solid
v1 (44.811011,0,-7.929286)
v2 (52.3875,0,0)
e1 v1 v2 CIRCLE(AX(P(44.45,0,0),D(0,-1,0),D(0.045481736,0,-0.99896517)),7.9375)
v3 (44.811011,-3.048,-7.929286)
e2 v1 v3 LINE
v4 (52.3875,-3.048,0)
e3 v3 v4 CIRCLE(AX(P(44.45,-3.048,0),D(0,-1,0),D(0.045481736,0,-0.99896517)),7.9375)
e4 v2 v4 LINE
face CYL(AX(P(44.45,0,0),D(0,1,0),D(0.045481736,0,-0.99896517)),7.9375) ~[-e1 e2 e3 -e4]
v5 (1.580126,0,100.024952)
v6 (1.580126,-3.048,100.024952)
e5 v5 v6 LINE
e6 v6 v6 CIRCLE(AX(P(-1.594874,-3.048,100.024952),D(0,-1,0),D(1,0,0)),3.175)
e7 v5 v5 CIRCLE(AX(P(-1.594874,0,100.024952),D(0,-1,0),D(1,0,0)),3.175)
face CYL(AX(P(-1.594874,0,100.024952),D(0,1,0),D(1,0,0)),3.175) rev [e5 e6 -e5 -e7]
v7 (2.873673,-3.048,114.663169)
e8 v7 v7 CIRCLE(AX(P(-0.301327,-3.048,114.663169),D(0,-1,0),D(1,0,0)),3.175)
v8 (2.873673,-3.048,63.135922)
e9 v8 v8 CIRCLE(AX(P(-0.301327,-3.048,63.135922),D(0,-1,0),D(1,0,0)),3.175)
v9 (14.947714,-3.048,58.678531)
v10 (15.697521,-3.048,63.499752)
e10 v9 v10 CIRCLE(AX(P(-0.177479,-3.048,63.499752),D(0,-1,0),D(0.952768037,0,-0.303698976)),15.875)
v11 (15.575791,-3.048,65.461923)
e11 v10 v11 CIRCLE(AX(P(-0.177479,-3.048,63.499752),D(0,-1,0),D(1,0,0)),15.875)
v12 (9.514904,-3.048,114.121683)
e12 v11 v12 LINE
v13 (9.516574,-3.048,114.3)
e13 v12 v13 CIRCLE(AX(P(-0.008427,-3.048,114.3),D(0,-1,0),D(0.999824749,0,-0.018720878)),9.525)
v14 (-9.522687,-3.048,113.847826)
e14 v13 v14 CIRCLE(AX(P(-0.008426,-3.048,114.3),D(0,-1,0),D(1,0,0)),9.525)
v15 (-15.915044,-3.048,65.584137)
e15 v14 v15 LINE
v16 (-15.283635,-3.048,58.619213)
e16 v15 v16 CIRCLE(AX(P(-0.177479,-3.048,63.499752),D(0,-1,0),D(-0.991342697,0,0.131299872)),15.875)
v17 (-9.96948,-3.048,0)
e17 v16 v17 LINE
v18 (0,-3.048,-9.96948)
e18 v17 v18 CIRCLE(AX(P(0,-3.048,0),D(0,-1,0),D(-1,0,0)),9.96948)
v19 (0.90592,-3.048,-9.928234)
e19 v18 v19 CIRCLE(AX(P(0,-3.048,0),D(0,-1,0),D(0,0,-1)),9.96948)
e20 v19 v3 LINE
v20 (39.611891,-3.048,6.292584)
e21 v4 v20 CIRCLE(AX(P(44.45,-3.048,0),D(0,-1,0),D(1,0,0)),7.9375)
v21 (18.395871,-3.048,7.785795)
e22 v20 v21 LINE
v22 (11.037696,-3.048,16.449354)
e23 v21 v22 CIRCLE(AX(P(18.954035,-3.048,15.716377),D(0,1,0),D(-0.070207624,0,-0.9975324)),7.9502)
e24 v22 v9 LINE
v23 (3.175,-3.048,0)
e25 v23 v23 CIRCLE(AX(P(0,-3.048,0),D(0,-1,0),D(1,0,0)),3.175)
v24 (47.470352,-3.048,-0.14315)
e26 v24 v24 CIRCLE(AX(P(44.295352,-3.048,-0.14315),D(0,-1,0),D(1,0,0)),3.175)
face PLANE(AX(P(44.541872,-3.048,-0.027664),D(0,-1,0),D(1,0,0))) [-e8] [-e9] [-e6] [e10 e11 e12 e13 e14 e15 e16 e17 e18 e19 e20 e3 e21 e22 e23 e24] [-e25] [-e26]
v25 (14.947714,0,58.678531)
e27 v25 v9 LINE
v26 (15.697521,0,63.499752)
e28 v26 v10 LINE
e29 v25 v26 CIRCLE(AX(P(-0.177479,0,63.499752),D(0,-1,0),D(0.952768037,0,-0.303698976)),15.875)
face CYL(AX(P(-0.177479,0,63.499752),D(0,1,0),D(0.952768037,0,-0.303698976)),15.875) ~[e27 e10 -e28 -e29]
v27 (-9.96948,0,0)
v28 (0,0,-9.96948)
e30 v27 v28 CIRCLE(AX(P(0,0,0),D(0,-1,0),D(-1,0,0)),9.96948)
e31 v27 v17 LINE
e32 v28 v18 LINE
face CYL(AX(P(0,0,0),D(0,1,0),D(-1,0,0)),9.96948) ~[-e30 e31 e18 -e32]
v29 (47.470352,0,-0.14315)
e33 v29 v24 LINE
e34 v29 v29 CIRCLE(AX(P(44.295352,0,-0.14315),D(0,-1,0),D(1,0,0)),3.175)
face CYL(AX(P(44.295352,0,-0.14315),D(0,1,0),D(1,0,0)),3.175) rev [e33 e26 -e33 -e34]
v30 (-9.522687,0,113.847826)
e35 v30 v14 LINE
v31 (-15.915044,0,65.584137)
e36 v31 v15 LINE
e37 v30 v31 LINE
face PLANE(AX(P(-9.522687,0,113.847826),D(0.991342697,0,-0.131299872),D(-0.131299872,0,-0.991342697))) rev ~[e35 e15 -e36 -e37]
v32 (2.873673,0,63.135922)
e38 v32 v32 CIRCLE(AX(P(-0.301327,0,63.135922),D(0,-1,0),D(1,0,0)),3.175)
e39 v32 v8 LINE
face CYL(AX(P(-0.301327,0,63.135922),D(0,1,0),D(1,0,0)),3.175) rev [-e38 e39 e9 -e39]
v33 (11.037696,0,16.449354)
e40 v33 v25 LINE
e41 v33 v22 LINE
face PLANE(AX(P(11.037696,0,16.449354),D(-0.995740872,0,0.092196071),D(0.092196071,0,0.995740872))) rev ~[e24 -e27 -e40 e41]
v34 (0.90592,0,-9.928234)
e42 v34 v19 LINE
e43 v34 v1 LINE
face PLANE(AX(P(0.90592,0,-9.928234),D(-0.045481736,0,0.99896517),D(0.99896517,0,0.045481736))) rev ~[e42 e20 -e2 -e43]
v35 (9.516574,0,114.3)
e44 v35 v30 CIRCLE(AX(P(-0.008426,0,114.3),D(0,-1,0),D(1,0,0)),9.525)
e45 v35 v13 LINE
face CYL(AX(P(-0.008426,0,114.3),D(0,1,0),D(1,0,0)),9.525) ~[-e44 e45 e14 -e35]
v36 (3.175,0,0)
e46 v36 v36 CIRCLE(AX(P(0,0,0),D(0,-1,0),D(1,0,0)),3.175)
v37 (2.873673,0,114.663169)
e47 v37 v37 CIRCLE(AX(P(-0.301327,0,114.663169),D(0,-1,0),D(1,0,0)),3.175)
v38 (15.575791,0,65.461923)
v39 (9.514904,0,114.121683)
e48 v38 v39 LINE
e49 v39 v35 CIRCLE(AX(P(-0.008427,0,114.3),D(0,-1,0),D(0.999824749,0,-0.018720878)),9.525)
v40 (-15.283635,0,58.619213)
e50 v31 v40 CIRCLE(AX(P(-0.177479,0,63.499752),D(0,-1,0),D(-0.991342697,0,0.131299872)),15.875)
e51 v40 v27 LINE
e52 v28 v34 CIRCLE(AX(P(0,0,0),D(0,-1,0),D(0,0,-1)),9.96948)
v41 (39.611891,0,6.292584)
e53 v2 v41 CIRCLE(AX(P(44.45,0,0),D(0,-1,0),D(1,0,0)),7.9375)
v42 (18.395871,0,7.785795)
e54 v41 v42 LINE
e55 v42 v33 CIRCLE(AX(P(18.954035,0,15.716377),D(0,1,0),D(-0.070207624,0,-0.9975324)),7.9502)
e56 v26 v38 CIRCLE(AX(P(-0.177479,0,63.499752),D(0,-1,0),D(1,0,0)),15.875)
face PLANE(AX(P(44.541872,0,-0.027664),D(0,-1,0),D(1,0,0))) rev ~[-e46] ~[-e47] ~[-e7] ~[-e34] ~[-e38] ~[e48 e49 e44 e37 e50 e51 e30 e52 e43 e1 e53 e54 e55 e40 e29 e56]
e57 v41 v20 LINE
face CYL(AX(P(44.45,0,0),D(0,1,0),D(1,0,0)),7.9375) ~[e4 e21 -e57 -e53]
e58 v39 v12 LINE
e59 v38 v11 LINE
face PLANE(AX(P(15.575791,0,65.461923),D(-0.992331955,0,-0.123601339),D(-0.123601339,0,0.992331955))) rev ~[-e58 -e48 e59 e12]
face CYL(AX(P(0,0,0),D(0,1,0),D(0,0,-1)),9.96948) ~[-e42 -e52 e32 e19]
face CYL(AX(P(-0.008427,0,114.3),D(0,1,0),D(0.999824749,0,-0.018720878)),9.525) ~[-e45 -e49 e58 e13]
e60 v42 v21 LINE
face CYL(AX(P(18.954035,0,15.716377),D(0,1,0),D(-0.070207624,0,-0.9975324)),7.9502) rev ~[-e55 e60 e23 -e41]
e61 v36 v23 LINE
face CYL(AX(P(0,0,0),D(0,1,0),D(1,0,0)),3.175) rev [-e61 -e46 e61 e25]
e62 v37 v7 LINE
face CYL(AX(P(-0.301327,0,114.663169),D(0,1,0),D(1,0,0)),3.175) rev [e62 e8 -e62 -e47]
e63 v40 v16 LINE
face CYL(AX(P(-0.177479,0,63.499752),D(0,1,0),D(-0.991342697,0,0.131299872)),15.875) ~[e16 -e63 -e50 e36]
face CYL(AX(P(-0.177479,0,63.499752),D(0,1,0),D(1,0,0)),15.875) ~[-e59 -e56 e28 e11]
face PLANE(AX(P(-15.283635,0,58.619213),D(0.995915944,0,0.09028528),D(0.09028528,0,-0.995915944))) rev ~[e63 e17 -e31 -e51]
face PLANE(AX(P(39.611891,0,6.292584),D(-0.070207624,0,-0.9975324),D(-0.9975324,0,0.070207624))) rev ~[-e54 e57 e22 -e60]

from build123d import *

# Parameters (mm, degrees)
F0_R     = 3.175
F1_DEPTH = 3.048


with BuildPart() as f1:
    # F0 (on Front) → F1 (new body)
    with BuildSketch(Plane.XZ):
        with BuildLine():
            ThreePointArc((44.811011276, -7.9292860403), (50.1888776452, -5.4835380571), (52.3875, 0))
            ThreePointArc((52.3875, 0), (47.9572367593, 7.1206177094), (39.611891417, 6.2925838563))
            ThreePointArc((39.611891417, 6.2925838563), (36.9950354855, -2.7253275651), (44.811011276, -7.9292860403))
        make_face()
        with Locations((44.2953519523, -0.143149824)):
            Circle(F0_R, mode=Mode.SUBTRACT)
        with BuildLine():
            ThreePointArc((44.811011276, -7.9292860403), (36.9950354855, -2.7253275651), (39.611891417, 6.2925838563))
            Line((39.611891417, 6.2925838563), (18.3958708033, 7.7857948995))
            ThreePointArc((18.3958708033, 7.7857948995), (12.8944465004, 10.5698187456), (11.0376963734, 16.4493541951))
            Line((11.0376963734, 16.4493541951), (14.947713815, 58.6785307391))
            ThreePointArc((14.947713815, 58.6785307391), (-0.1463299689, 47.6247825372), (-15.2836352123, 58.6192128102))
            Line((-15.2836352123, 58.6192128102), (-9.969479858, 0))
            ThreePointArc((-9.969479858, 0), (0, 9.969479858), (9.969479858, 0))
            ThreePointArc((9.969479858, 0), (7.3628146901, -6.7215689001), (0.905920049, -9.9282343598))
            Line((0.905920049, -9.9282343598), (44.811011276, -7.9292860403))
        make_face()
        with BuildLine():
            ThreePointArc((0, -9.969479858), (0.4534292465, -9.9591631454), (0.905920049, -9.9282343598))
            Line((0.905920049, -9.9282343598), (0, -9.969479858))
        make_face()
        with BuildLine():
            Line((0, -9.969479858), (0.905920049, -9.9282343598))
            ThreePointArc((0.905920049, -9.9282343598), (7.3628146901, -6.7215689001), (9.969479858, 0))
            ThreePointArc((9.969479858, 0), (0, 9.969479858), (-9.969479858, 0))
            ThreePointArc((-9.969479858, 0), (-7.0494868125, -7.0494868125), (0, -9.969479858))
        make_face()
        Circle(F0_R, mode=Mode.SUBTRACT)
        with BuildLine():
            Line((15.5757910153, 65.4619232349), (14.947713815, 58.6785307391))
            ThreePointArc((14.947713815, 58.6785307391), (15.5089493964, 61.060162597), (15.697521229, 63.4997519781))
            ThreePointArc((15.697521229, 63.4997519781), (15.6670594498, 64.4827237842), (15.5757910153, 65.4619232349))
        make_face()
        with BuildLine():
            ThreePointArc((-15.2836352123, 58.6192128102), (-0.1463299689, 47.6247825372), (14.947713815, 58.6785307391))
            Line((14.947713815, 58.6785307391), (15.5757910153, 65.4619232349))
            ThreePointArc((15.5757910153, 65.4619232349), (-0.1158692301, 79.374632427), (-15.9150440924, 65.5841374399))
            Line((-15.9150440924, 65.5841374399), (-15.2836352123, 58.6192128102))
        make_face()
        with Locations((-0.3013272653, 63.1359219551)):
            Circle(F0_R, mode=Mode.SUBTRACT)
        with BuildLine():
            ThreePointArc((-15.9150440924, 65.5841374399), (-15.9876443874, 62.0664731565), (-15.2836352123, 58.6192128102))
            Line((-15.2836352123, 58.6192128102), (-15.9150440924, 65.5841374399))
        make_face()
        with BuildLine():
            ThreePointArc((-15.9150440924, 65.5841374399), (-0.1158692301, 79.374632427), (15.5757910153, 65.4619232349))
            Line((15.5757910153, 65.4619232349), (9.5149043603, 114.1216833297))
            ThreePointArc((9.5149043603, 114.1216833297), (0.1285774786, 104.7759850451), (-9.522687446, 113.8478257686))
            Line((-9.522687446, 113.8478257686), (-15.9150440924, 65.5841374399))
        make_face()
        with Locations((-1.5948739996, 100.0249519781)):
            Circle(F0_R, mode=Mode.SUBTRACT)
        with BuildLine():
            ThreePointArc((-9.522687446, 113.8478257686), (0.1285774786, 104.7759850451), (9.5149043603, 114.1216833297))
            ThreePointArc((9.5149043603, 114.1216833297), (9.5161563004, 114.210837603), (9.516573626, 114.2999996894))
            ThreePointArc((9.516573626, 114.2999996894), (-0.2345770866, 123.8223145789), (-9.522687446, 113.8478257686))
        make_face()
        with Locations((-0.3013272653, 114.663168788)):
            Circle(F0_R, mode=Mode.SUBTRACT)
    extrude(amount=F1_DEPTH)


solid = f1.part
